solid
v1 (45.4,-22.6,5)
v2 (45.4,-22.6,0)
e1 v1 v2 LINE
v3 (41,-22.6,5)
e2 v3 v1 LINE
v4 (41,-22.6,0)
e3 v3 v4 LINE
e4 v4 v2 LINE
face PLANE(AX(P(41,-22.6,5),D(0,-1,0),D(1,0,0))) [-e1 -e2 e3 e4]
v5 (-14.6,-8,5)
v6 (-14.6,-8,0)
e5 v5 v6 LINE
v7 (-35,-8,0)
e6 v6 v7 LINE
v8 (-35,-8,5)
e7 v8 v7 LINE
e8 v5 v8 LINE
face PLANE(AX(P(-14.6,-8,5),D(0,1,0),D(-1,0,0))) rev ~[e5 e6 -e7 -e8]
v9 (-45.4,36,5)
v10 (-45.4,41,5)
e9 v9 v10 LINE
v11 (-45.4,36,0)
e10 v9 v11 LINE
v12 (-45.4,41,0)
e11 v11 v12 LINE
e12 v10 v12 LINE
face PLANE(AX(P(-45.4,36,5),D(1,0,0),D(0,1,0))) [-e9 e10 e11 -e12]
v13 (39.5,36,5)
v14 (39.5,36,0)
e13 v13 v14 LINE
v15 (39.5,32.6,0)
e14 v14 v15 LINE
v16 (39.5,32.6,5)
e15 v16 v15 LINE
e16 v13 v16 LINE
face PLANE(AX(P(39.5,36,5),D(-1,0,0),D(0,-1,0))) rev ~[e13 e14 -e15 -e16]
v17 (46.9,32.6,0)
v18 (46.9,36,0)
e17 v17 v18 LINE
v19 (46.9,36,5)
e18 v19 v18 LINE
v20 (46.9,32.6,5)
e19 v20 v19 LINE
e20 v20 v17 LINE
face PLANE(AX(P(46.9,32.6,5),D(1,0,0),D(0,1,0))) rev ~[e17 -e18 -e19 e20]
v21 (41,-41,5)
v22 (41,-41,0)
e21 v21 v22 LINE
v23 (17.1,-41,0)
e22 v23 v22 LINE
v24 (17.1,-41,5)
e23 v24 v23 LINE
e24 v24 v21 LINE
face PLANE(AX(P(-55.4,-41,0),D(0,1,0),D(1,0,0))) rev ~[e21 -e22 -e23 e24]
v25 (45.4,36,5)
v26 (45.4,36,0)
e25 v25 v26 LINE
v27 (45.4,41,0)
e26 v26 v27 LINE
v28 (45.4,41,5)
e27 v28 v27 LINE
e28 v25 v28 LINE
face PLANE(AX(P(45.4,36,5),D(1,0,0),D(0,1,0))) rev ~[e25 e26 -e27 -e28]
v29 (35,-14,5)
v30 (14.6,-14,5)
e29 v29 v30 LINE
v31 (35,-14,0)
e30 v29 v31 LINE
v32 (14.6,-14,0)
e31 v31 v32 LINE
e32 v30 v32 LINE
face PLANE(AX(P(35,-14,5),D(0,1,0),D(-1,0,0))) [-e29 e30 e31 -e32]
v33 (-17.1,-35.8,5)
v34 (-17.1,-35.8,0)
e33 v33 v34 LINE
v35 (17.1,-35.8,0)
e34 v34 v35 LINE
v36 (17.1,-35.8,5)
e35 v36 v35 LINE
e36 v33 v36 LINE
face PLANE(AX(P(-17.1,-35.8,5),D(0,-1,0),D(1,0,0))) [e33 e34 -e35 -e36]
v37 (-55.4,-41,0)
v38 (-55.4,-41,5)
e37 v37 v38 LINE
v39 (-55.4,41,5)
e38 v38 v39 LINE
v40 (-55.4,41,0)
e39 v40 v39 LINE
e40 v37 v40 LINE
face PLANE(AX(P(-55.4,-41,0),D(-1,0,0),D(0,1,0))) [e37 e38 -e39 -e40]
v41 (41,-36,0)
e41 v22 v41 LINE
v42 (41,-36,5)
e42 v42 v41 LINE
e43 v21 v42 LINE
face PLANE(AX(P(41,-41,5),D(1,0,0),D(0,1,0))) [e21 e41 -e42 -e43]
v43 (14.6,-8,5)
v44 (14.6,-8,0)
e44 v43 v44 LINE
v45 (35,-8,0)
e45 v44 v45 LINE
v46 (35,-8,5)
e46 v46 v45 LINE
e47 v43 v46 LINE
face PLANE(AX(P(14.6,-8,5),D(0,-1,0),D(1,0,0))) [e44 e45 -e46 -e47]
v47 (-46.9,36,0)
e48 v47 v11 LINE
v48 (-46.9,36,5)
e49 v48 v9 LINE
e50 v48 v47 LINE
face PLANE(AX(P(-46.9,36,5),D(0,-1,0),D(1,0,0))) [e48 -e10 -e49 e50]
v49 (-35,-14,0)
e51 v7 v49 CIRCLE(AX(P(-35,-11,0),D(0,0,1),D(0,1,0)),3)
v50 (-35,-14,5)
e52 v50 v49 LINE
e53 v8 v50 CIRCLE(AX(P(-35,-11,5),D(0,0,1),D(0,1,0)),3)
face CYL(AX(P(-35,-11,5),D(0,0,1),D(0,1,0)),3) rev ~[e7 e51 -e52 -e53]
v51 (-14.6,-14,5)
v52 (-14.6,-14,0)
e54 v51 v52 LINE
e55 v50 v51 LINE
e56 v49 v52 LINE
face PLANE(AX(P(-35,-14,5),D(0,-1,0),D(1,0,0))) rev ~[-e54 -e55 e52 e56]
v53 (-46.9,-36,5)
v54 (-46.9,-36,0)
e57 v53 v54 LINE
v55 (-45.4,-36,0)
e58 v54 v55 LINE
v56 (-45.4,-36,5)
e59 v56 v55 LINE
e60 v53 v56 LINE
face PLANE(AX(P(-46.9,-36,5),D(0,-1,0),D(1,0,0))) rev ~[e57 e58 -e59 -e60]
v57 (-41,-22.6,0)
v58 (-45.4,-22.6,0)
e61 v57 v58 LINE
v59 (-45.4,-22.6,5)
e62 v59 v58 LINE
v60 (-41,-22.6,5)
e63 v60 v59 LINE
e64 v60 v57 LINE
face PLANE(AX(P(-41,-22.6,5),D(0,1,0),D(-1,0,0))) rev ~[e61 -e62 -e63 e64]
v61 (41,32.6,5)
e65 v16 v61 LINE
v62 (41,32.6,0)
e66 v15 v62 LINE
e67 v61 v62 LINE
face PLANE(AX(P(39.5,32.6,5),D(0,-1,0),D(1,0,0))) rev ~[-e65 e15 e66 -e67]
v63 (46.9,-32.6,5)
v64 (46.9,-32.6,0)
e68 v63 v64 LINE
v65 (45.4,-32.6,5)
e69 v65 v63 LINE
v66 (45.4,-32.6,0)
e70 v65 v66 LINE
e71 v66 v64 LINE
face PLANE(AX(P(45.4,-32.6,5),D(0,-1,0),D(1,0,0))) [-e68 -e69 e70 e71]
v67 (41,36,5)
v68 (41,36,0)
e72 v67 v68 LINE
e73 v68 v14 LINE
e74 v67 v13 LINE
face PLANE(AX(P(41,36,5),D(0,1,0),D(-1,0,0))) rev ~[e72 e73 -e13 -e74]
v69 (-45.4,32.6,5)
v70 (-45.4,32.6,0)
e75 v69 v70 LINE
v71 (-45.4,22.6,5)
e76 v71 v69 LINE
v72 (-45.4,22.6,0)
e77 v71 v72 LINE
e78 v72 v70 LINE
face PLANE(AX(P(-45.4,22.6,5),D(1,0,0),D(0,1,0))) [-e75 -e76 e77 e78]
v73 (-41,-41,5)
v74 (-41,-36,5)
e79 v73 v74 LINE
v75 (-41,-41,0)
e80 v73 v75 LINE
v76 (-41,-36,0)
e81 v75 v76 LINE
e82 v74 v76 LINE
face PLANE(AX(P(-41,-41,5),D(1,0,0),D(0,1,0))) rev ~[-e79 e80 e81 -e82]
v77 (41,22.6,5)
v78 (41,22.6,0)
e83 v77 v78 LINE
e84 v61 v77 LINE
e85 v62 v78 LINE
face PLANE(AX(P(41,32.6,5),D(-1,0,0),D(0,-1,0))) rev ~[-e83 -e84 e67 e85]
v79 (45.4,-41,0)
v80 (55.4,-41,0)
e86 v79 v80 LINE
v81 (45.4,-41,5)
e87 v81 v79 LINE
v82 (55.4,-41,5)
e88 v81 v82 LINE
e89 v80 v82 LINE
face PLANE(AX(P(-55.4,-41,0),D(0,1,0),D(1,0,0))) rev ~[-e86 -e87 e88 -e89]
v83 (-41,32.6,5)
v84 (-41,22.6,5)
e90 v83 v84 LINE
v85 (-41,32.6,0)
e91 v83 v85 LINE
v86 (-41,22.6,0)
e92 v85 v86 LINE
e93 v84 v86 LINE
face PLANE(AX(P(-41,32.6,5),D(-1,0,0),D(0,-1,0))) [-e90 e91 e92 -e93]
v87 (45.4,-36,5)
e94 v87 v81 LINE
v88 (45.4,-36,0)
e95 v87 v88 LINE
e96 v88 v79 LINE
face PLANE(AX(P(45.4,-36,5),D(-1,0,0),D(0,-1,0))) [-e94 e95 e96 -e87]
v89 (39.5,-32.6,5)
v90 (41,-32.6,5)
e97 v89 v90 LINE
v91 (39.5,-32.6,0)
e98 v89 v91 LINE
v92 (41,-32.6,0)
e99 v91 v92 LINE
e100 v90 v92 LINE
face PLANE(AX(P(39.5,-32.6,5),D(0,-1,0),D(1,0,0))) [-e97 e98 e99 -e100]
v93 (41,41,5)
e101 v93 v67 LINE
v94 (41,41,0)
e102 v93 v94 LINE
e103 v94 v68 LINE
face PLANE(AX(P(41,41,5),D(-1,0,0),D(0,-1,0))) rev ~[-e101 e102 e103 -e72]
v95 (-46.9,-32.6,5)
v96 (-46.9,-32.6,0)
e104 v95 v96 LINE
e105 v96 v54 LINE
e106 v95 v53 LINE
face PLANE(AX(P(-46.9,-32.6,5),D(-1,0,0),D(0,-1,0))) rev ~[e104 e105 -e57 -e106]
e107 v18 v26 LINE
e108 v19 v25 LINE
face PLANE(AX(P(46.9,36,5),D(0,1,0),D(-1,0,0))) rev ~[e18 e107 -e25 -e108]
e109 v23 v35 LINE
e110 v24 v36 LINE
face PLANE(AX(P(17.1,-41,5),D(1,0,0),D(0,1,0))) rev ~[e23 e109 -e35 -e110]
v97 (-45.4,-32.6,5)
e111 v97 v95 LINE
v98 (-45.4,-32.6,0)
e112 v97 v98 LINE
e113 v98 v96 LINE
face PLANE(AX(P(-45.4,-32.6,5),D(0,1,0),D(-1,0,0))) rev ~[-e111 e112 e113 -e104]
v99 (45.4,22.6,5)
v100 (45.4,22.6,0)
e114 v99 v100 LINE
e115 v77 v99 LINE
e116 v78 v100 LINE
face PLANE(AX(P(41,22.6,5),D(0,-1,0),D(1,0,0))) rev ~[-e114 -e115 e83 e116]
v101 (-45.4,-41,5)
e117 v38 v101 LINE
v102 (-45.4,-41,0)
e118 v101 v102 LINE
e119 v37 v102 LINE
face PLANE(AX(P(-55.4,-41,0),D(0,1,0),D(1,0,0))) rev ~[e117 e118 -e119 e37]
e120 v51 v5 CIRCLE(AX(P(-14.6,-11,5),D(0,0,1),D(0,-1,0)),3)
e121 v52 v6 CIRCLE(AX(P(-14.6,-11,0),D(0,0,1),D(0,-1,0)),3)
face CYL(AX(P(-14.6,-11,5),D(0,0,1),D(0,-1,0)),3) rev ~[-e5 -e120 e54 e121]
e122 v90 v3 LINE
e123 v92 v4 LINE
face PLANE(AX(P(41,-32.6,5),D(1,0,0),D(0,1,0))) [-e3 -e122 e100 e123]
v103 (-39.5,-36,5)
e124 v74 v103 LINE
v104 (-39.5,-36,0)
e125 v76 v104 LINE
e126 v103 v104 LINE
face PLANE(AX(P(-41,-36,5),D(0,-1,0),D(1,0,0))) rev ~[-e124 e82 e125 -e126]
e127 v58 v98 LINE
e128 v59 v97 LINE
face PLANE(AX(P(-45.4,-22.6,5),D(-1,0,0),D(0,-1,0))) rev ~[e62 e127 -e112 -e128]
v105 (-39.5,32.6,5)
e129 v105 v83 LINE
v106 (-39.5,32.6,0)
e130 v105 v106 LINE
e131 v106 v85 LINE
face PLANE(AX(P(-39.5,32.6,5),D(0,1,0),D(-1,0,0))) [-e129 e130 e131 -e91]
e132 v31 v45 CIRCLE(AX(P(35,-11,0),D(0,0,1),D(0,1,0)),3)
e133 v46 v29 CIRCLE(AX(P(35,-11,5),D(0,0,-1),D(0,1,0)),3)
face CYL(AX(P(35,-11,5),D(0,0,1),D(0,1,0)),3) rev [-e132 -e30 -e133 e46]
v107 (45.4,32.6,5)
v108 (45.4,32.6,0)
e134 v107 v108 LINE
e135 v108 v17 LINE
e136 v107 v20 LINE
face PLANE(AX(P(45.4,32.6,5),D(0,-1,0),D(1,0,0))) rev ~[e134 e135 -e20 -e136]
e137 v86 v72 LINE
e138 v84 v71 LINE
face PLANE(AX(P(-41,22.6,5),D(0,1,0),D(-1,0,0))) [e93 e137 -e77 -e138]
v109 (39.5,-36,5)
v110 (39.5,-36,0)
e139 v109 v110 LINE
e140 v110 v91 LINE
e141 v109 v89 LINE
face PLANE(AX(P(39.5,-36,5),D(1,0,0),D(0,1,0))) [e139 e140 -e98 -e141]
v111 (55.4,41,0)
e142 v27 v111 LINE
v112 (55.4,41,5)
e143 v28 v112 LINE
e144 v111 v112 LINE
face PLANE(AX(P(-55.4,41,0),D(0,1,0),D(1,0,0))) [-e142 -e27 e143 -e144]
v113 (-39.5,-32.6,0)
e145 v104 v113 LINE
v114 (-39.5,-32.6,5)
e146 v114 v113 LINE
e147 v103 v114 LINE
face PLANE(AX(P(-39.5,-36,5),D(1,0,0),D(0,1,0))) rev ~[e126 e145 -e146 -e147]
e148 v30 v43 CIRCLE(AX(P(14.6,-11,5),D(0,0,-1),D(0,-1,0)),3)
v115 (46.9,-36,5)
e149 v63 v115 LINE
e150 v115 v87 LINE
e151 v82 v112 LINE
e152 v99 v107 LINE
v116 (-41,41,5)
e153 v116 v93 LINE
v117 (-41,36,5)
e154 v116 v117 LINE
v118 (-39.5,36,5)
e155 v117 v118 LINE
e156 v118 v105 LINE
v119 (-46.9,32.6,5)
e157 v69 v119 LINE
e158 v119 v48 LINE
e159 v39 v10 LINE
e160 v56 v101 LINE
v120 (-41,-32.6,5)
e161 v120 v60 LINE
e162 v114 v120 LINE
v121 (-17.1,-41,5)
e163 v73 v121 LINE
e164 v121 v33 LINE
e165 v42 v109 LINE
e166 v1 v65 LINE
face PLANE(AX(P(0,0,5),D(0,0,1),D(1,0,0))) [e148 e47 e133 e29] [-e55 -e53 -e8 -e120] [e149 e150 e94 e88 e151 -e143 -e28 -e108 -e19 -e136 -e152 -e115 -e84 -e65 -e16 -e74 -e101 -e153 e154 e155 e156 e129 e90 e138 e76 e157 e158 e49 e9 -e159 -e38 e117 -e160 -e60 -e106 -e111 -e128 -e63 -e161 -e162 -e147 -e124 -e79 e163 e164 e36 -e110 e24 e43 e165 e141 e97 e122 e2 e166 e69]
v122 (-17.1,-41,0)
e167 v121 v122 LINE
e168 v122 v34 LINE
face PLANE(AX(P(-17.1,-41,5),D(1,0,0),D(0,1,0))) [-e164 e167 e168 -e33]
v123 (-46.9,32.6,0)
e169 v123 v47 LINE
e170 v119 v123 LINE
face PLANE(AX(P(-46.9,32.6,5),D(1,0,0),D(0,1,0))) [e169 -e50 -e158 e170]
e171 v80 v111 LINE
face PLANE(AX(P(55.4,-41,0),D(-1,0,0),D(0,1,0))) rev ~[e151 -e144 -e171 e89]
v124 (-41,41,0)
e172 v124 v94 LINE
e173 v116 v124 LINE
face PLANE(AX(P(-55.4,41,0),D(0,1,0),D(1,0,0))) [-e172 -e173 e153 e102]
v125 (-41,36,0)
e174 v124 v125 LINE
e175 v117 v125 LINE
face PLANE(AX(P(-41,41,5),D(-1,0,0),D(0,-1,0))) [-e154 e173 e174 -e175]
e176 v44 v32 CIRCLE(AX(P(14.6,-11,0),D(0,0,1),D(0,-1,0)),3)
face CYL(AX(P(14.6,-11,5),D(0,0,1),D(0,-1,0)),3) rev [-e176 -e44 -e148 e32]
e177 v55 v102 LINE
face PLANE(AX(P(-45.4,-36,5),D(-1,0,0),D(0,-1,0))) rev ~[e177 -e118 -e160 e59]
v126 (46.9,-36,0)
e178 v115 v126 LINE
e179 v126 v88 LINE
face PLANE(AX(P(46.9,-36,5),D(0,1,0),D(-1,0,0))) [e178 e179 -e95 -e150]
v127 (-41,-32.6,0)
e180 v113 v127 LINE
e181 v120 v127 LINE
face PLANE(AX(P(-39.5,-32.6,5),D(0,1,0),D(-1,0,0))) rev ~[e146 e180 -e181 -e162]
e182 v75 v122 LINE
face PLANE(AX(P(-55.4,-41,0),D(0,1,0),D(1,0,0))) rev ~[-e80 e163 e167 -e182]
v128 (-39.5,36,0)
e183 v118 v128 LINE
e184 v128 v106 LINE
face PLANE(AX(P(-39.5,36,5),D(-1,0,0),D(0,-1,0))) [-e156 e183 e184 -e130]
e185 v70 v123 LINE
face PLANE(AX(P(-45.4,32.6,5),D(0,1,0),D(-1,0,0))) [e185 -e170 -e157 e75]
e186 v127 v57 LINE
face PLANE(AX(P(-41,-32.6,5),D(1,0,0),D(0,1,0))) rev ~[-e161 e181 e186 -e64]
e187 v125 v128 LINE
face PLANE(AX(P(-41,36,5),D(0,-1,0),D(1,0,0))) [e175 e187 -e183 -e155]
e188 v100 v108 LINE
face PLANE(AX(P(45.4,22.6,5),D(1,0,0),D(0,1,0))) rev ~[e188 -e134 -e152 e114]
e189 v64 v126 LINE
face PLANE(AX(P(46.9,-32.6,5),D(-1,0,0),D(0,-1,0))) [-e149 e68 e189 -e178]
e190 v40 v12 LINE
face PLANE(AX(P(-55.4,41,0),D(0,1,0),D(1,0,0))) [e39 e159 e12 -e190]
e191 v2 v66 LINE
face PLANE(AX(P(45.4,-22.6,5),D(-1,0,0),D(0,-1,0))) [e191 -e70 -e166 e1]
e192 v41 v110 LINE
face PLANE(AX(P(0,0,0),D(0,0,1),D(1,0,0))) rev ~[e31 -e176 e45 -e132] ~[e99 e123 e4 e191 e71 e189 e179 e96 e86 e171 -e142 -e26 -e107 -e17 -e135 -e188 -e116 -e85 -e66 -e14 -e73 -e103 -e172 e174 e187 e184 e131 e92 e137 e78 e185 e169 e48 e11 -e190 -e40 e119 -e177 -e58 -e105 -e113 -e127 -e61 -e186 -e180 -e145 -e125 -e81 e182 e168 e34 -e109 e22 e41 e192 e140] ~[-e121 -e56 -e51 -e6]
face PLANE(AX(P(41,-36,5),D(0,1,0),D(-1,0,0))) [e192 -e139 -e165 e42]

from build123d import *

# Parameters (mm, degrees)
SKETCH1_W           = 110.8
SKETCH1_H           = 82
BOSS_EXTRUDE1_DEPTH = 5
CUT_EXTRUDE1_DEPTH  = 10
SKETCH3_W           = 34.2
SKETCH3_H           = 5.2
CUT_EXTRUDE2_DEPTH  = 10
CUT_EXTRUDE3_DEPTH  = 10


with BuildPart() as part:
    # Sketch1 → Boss-Extrude1 (new body)
    with BuildSketch(Plane.XY):
        Rectangle(SKETCH1_W, SKETCH1_H)
    extrude(amount=BOSS_EXTRUDE1_DEPTH)

    # Sketch2 → Cut-Extrude1 (cut)
    with BuildSketch(Plane.XY.offset(5)):
        Polygon((41, -32.6), (41, -22.6), (45.4, -22.6), (45.4, -32.6), (46.9, -32.6), (46.9, -36), (45.4, -36), (45.4, -41), (41, -41), (41, -36), (39.5, -36), (39.5, -32.6), align=None)
        Polygon((-41, 32.6), (-41, 22.6), (-45.4, 22.6), (-45.4, 32.6), (-46.9, 32.6), (-46.9, 36), (-45.4, 36), (-45.4, 41), (-41, 41), (-41, 36), (-39.5, 36), (-39.5, 32.6), align=None)
        Polygon((45.4, 22.6), (45.4, 32.6), (46.9, 32.6), (46.9, 36), (45.4, 36), (45.4, 41), (41, 41), (41, 36), (39.5, 36), (39.5, 32.6), (41, 32.6), (41, 22.6), align=None)
        Polygon((-45.4, -22.6), (-45.4, -32.6), (-46.9, -32.6), (-46.9, -36), (-45.4, -36), (-45.4, -41), (-41, -41), (-41, -36), (-39.5, -36), (-39.5, -32.6), (-41, -32.6), (-41, -22.6), align=None)
    extrude(amount=-CUT_EXTRUDE1_DEPTH, mode=Mode.SUBTRACT)

    # Sketch3 → Cut-Extrude2 (cut)
    with BuildSketch(Plane.XY.offset(5)):
        with Locations((0, -38.4)):
            Rectangle(SKETCH3_W, SKETCH3_H)
    extrude(amount=-CUT_EXTRUDE2_DEPTH, mode=Mode.SUBTRACT)

    # Sketch4 → Cut-Extrude3 (cut)
    with BuildSketch(Plane.XY.offset(5)):
        with BuildLine():
            Line((35, -14), (14.6, -14))
            ThreePointArc((14.6, -14), (11.6, -11), (14.6, -8))
            Line((14.6, -8), (35, -8))
            ThreePointArc((35, -8), (38, -11), (35, -14))
        make_face()
        with BuildLine():
            Line((-14.6, -8), (-35, -8))
            ThreePointArc((-35, -8), (-38, -11), (-35, -14))
            Line((-35, -14), (-14.6, -14))
            ThreePointArc((-14.6, -14), (-11.6, -11), (-14.6, -8))
        make_face()
    extrude(amount=-CUT_EXTRUDE3_DEPTH, mode=Mode.SUBTRACT)


solid = part.part
